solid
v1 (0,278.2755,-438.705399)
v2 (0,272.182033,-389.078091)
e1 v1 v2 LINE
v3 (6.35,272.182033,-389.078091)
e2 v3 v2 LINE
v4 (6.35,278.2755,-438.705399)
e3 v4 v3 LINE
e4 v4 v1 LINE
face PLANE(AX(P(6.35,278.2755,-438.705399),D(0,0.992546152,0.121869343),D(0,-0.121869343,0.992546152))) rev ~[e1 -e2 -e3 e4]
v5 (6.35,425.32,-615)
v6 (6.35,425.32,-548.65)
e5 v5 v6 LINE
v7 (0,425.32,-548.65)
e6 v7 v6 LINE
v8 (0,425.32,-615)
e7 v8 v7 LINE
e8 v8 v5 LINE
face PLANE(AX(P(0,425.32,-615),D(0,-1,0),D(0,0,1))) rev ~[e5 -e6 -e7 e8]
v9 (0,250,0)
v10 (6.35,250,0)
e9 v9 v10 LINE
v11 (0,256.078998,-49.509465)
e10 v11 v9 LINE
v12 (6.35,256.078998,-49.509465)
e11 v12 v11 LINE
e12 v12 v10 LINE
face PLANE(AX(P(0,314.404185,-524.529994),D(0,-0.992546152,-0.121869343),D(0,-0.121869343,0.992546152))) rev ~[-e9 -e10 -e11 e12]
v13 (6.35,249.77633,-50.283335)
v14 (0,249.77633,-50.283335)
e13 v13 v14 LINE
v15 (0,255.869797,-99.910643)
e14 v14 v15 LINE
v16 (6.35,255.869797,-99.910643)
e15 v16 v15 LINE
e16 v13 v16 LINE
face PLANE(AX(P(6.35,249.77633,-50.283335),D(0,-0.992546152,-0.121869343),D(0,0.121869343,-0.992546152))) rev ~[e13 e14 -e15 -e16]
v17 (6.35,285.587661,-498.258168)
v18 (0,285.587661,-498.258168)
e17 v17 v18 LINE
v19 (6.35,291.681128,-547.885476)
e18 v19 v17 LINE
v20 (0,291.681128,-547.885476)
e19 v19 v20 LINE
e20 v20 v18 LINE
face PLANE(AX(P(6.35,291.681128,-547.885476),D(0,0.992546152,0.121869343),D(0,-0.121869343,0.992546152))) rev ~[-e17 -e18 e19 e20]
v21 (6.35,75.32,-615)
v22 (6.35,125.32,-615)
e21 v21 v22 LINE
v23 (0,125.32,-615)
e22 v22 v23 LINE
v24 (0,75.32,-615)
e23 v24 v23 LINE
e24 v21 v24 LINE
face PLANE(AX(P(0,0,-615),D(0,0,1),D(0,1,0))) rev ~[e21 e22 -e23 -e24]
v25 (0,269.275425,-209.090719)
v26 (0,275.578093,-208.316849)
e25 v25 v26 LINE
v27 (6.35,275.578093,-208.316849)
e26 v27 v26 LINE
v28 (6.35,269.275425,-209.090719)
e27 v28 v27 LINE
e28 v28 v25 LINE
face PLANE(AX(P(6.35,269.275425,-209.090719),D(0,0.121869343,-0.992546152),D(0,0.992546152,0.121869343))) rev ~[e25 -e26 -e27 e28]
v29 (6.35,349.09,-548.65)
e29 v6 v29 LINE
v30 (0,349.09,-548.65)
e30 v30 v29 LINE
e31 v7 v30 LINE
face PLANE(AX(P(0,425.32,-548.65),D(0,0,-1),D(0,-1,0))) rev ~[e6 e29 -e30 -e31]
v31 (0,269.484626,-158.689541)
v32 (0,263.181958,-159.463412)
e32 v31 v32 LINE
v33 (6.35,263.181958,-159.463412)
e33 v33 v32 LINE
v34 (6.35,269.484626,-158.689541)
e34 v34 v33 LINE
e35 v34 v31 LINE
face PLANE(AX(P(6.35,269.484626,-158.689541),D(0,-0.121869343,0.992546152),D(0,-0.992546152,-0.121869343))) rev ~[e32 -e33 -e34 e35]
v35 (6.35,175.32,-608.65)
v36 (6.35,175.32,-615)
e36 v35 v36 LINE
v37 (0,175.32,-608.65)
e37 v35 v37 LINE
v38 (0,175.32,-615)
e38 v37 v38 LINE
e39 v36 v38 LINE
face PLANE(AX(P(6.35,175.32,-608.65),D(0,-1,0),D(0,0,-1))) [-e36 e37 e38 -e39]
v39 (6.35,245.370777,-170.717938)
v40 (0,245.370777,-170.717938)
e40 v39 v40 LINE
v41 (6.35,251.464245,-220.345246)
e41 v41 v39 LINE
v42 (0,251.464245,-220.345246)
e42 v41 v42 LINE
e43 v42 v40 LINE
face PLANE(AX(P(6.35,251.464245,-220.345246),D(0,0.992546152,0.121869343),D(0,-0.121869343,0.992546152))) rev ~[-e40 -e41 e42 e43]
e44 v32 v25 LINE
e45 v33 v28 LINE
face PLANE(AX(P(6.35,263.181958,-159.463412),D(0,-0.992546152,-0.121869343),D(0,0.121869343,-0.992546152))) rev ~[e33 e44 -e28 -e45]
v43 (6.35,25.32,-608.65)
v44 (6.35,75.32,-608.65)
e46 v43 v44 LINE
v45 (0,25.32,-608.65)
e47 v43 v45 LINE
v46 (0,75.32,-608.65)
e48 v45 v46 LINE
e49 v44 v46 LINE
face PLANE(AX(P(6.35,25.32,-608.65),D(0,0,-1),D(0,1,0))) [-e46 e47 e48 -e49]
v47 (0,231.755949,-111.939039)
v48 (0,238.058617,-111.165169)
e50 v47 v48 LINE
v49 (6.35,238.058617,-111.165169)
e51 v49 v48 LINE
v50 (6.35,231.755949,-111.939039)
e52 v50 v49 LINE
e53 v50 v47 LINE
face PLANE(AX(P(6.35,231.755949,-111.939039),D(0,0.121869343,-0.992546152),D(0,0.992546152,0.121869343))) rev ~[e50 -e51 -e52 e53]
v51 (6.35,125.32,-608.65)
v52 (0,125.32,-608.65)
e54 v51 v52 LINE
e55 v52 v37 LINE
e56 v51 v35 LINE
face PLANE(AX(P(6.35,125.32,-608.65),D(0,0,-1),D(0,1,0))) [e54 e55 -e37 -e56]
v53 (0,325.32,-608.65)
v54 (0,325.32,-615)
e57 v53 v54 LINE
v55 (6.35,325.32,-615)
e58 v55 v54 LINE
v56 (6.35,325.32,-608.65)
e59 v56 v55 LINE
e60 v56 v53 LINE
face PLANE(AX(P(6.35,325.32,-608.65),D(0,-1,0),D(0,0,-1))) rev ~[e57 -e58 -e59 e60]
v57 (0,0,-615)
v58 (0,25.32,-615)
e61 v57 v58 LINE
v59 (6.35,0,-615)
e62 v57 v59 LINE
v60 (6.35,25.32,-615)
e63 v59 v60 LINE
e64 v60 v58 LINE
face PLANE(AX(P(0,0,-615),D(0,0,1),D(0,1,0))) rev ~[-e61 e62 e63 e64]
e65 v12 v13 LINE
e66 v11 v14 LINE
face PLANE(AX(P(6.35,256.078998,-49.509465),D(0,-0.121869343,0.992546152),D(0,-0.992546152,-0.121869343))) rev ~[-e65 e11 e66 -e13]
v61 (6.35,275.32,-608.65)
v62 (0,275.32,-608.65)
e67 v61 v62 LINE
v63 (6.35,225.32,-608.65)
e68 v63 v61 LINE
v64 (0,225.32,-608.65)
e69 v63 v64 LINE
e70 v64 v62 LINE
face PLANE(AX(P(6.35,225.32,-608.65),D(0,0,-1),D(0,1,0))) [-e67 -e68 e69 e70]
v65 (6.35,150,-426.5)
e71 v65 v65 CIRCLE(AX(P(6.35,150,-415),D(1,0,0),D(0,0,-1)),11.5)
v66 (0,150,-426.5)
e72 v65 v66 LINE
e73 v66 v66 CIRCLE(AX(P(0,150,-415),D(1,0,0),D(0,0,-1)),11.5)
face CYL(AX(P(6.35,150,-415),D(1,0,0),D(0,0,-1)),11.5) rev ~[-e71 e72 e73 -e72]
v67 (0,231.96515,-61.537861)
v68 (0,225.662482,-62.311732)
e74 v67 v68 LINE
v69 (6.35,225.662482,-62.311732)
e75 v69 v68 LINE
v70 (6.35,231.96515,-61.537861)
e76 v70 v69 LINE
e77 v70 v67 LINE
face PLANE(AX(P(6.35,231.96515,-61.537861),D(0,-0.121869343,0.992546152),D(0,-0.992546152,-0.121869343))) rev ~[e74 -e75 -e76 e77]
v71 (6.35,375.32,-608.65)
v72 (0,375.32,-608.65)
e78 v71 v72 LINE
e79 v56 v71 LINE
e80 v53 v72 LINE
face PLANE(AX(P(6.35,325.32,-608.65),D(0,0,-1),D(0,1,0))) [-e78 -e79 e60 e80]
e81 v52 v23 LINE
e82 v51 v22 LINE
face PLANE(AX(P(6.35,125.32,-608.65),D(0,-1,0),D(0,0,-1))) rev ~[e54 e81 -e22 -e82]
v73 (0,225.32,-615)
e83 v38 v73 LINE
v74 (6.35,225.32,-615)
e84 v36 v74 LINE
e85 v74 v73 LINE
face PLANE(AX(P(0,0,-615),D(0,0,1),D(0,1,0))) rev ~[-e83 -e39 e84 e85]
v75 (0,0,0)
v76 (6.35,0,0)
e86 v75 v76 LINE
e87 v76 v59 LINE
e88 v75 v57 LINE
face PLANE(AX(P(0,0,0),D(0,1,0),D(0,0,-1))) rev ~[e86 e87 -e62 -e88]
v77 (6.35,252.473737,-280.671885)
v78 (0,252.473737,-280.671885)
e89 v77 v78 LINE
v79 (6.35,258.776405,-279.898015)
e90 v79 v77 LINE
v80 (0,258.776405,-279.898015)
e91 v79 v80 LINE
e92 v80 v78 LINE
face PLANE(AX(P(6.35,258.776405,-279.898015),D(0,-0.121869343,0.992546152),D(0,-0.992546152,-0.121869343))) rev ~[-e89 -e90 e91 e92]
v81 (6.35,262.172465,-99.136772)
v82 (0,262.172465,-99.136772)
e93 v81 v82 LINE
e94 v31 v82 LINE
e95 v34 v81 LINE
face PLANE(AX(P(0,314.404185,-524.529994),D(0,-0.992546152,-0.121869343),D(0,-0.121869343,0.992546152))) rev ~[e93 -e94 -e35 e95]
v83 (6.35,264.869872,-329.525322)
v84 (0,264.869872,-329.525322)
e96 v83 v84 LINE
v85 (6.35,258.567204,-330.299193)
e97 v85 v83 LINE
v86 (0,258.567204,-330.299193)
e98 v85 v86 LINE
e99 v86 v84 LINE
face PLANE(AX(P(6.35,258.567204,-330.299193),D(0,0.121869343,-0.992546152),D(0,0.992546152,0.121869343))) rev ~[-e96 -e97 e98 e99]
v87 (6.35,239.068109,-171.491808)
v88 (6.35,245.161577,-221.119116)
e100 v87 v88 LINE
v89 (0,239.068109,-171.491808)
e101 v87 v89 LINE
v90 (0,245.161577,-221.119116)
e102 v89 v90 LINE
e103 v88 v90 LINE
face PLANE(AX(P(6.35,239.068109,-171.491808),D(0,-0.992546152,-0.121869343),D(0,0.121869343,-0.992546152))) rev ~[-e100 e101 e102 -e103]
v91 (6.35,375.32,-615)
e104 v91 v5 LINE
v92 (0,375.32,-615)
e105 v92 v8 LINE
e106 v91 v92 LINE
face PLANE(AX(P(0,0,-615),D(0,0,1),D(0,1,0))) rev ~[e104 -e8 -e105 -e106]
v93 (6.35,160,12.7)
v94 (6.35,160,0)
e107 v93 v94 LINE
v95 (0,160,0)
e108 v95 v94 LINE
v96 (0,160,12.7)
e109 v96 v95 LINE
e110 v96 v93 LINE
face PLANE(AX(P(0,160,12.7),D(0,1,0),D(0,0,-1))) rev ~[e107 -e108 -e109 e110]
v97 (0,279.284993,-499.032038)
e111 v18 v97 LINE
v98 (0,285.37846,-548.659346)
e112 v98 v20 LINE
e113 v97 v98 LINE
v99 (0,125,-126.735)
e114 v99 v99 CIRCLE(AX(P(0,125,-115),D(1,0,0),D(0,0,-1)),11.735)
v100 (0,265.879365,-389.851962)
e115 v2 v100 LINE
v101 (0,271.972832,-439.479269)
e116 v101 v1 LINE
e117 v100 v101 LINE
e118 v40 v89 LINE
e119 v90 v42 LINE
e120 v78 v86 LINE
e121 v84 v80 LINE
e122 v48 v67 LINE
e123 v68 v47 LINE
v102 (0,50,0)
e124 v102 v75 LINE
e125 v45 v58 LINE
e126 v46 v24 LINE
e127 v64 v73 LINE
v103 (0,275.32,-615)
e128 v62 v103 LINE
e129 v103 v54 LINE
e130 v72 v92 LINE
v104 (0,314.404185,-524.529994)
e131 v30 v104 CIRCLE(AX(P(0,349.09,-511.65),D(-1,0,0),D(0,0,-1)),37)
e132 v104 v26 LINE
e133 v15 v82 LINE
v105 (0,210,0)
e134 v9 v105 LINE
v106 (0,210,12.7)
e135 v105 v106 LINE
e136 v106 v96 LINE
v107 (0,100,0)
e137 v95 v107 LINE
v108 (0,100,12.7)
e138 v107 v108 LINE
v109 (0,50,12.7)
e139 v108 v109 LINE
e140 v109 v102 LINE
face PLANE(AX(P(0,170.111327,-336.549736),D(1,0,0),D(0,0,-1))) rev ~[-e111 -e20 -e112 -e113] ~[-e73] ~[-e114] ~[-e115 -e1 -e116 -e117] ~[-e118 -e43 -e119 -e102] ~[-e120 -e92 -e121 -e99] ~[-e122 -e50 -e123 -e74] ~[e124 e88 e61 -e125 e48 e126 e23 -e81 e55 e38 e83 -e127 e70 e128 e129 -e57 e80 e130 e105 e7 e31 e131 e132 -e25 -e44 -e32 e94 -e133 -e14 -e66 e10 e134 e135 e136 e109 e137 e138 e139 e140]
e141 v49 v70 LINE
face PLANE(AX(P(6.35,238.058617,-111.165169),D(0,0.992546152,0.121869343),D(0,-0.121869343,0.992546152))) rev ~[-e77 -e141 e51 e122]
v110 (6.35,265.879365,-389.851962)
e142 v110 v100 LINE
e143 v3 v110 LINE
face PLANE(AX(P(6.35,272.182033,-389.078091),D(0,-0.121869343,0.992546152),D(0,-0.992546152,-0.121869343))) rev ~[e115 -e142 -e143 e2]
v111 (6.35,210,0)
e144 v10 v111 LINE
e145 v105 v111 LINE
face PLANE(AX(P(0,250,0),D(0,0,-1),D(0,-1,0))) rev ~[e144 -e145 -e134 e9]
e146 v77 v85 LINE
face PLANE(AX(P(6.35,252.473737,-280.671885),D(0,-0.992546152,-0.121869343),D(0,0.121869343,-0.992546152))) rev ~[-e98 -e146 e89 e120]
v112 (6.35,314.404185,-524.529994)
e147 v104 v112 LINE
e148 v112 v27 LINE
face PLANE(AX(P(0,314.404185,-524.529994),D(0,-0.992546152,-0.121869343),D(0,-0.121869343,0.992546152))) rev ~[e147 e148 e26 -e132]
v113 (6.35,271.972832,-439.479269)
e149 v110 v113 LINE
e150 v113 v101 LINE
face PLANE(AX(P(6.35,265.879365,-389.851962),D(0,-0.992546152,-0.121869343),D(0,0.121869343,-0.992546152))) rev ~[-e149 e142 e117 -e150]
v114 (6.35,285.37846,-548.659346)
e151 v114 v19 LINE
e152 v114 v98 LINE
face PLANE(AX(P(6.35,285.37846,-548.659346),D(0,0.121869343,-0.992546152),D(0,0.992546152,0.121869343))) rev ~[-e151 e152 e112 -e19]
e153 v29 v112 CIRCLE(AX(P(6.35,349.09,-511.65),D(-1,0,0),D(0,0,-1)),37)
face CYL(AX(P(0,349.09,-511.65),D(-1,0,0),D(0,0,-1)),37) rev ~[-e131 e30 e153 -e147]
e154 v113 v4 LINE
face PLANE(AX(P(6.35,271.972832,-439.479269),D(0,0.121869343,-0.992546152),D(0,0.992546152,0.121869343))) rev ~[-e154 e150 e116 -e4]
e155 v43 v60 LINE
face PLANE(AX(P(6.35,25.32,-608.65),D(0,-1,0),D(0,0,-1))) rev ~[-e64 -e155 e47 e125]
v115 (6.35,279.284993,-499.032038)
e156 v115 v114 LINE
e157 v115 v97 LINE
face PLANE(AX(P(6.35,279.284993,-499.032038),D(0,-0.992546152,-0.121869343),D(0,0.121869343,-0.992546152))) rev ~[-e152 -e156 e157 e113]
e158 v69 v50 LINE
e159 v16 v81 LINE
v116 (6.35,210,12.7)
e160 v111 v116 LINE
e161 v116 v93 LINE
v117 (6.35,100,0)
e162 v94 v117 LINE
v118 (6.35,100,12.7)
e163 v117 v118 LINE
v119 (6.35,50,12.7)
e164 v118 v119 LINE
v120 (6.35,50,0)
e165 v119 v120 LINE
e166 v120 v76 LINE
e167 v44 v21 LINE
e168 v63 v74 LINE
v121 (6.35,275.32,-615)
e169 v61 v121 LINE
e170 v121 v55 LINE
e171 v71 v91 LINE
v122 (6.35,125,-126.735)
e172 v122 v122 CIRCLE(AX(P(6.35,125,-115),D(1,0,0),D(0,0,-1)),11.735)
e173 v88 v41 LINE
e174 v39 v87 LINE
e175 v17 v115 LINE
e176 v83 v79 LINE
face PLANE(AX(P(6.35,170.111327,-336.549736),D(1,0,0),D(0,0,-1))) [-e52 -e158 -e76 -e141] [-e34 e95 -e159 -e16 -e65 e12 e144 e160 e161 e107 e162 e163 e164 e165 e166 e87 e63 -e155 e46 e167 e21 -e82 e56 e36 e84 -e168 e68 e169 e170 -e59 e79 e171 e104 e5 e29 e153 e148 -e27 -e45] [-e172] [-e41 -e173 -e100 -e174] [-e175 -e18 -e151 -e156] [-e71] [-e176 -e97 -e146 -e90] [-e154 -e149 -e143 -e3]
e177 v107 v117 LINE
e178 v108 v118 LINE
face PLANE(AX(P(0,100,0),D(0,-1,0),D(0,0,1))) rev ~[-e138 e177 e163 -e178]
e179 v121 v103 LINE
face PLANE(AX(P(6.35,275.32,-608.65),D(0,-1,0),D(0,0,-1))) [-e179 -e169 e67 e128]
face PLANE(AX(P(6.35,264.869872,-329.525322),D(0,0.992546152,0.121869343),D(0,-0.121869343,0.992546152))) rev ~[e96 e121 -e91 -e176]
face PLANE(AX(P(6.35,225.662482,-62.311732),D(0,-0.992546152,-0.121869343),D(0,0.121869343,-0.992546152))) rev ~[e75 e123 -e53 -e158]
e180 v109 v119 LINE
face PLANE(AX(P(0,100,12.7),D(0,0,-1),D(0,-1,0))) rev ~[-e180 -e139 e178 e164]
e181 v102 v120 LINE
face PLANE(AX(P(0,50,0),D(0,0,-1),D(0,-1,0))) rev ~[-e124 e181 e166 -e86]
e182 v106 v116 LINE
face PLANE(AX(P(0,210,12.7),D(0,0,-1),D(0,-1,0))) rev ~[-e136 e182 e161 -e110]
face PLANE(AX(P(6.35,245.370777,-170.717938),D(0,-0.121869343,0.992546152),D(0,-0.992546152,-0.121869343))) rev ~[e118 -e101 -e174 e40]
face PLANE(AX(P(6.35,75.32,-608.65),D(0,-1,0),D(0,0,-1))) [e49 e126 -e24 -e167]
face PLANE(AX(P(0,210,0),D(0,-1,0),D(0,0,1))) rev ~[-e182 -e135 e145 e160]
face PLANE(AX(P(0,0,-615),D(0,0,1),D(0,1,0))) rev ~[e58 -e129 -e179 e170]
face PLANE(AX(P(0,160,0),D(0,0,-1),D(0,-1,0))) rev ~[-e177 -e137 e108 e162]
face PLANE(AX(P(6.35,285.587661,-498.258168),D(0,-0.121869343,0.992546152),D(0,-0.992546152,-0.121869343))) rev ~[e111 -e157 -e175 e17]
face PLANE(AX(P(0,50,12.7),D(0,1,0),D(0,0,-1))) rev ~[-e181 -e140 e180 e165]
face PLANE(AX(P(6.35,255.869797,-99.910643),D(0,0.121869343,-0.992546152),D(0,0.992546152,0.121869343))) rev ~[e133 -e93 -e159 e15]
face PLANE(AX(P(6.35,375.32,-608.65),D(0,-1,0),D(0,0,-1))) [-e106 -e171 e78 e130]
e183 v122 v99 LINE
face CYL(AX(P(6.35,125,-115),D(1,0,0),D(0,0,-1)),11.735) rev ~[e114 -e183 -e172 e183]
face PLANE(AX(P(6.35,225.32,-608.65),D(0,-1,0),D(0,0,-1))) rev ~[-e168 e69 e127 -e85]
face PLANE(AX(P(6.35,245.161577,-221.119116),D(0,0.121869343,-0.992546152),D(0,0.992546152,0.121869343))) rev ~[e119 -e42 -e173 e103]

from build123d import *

# Parameters (mm, degrees)
BOSS_EXTRUDE1_DEPTH = 6.35
SKETCH2_R           = 11.5
SKETCH2_R_2         = 11.735
SKETCH2_W           = 6.35
SKETCH2_H           = 50
CUT_EXTRUDE1_DEPTH  = 6.35


with BuildPart() as part:
    # Sketch1 → Boss-Extrude1 (new body)
    with BuildSketch(Plane(origin=(0, 0, 0), x_dir=(0, 0, -1), z_dir=(1, 0, 0))):
        with BuildLine():
            Line((0, 0), (615, 0))
            Line((615, 0), (615, 425.32))
            Line((615, 425.32), (548.65, 425.32))
            Line((548.65, 425.32), (548.65, 349.09))
            ThreePointArc((548.65, 349.09), (542.027292182, 327.966077076), (524.529993531, 314.404184936))
            Line((524.529993531, 314.404184936), (0, 250))
            Line((0, 250), (0, 210))
            Line((0, 210), (-12.7, 210))
            Line((-12.7, 210), (-12.7, 160))
            Line((-12.7, 160), (0, 160))
            Line((0, 160), (0, 100))
            Line((0, 100), (-12.7, 100))
            Line((-12.7, 100), (-12.7, 50))
            Line((-12.7, 50), (0, 50))
            Line((0, 50), (0, 0))
        make_face()
    extrude(amount=BOSS_EXTRUDE1_DEPTH)

    # Sketch2 → Cut-Extrude1 (cut)
    with BuildSketch(Plane(origin=(6.35, 0, 0), x_dir=(0, 0, -1), z_dir=(1, 0, 0))):
        with Locations((415, 150)):
            Circle(SKETCH2_R)
        with Locations((115, 125)):
            Circle(SKETCH2_R_2)
        Polygon((208.316848977, 275.57809283), (158.689541395, 269.48462566), (159.463411726, 263.181957597), (209.090719308, 269.275424767), align=None)
        Polygon((61.537861402, 231.965149724), (62.311731732, 225.662481662), (111.939039314, 231.755948832), (111.165168984, 238.058616895), align=None)
        Polygon((220.345245664, 251.464244669), (170.717938082, 245.370777499), (171.491808413, 239.068109436), (221.119115995, 245.161576606), align=None)
        Polygon((329.525322345, 264.869872444), (279.898014763, 258.776405274), (280.671885093, 252.473737211), (330.299192675, 258.567204381), align=None)
        Polygon((438.705399025, 278.275500218), (389.078091443, 272.182033048), (389.851961774, 265.879364985), (439.479269356, 271.972832155), align=None)
        Polygon((547.885475706, 291.681127993), (498.258168124, 285.587660823), (499.032038454, 279.28499276), (548.659346036, 285.37845993), align=None)
        Polygon((49.509464714, 256.078997886), (50.283335045, 249.776329823), (99.910642627, 255.869796993), (99.136772297, 262.172465056), align=None)
        with Locations((611.825, 350.32)):
            Rectangle(SKETCH2_W, SKETCH2_H)
        with Locations((611.825, 250.32)):
            Rectangle(SKETCH2_W, SKETCH2_H)
        with Locations((611.825, 150.32)):
            Rectangle(SKETCH2_W, SKETCH2_H)
        with Locations((611.825, 50.32)):
            Rectangle(SKETCH2_W, SKETCH2_H)
    extrude(amount=-CUT_EXTRUDE1_DEPTH, mode=Mode.SUBTRACT)


solid = part.part
